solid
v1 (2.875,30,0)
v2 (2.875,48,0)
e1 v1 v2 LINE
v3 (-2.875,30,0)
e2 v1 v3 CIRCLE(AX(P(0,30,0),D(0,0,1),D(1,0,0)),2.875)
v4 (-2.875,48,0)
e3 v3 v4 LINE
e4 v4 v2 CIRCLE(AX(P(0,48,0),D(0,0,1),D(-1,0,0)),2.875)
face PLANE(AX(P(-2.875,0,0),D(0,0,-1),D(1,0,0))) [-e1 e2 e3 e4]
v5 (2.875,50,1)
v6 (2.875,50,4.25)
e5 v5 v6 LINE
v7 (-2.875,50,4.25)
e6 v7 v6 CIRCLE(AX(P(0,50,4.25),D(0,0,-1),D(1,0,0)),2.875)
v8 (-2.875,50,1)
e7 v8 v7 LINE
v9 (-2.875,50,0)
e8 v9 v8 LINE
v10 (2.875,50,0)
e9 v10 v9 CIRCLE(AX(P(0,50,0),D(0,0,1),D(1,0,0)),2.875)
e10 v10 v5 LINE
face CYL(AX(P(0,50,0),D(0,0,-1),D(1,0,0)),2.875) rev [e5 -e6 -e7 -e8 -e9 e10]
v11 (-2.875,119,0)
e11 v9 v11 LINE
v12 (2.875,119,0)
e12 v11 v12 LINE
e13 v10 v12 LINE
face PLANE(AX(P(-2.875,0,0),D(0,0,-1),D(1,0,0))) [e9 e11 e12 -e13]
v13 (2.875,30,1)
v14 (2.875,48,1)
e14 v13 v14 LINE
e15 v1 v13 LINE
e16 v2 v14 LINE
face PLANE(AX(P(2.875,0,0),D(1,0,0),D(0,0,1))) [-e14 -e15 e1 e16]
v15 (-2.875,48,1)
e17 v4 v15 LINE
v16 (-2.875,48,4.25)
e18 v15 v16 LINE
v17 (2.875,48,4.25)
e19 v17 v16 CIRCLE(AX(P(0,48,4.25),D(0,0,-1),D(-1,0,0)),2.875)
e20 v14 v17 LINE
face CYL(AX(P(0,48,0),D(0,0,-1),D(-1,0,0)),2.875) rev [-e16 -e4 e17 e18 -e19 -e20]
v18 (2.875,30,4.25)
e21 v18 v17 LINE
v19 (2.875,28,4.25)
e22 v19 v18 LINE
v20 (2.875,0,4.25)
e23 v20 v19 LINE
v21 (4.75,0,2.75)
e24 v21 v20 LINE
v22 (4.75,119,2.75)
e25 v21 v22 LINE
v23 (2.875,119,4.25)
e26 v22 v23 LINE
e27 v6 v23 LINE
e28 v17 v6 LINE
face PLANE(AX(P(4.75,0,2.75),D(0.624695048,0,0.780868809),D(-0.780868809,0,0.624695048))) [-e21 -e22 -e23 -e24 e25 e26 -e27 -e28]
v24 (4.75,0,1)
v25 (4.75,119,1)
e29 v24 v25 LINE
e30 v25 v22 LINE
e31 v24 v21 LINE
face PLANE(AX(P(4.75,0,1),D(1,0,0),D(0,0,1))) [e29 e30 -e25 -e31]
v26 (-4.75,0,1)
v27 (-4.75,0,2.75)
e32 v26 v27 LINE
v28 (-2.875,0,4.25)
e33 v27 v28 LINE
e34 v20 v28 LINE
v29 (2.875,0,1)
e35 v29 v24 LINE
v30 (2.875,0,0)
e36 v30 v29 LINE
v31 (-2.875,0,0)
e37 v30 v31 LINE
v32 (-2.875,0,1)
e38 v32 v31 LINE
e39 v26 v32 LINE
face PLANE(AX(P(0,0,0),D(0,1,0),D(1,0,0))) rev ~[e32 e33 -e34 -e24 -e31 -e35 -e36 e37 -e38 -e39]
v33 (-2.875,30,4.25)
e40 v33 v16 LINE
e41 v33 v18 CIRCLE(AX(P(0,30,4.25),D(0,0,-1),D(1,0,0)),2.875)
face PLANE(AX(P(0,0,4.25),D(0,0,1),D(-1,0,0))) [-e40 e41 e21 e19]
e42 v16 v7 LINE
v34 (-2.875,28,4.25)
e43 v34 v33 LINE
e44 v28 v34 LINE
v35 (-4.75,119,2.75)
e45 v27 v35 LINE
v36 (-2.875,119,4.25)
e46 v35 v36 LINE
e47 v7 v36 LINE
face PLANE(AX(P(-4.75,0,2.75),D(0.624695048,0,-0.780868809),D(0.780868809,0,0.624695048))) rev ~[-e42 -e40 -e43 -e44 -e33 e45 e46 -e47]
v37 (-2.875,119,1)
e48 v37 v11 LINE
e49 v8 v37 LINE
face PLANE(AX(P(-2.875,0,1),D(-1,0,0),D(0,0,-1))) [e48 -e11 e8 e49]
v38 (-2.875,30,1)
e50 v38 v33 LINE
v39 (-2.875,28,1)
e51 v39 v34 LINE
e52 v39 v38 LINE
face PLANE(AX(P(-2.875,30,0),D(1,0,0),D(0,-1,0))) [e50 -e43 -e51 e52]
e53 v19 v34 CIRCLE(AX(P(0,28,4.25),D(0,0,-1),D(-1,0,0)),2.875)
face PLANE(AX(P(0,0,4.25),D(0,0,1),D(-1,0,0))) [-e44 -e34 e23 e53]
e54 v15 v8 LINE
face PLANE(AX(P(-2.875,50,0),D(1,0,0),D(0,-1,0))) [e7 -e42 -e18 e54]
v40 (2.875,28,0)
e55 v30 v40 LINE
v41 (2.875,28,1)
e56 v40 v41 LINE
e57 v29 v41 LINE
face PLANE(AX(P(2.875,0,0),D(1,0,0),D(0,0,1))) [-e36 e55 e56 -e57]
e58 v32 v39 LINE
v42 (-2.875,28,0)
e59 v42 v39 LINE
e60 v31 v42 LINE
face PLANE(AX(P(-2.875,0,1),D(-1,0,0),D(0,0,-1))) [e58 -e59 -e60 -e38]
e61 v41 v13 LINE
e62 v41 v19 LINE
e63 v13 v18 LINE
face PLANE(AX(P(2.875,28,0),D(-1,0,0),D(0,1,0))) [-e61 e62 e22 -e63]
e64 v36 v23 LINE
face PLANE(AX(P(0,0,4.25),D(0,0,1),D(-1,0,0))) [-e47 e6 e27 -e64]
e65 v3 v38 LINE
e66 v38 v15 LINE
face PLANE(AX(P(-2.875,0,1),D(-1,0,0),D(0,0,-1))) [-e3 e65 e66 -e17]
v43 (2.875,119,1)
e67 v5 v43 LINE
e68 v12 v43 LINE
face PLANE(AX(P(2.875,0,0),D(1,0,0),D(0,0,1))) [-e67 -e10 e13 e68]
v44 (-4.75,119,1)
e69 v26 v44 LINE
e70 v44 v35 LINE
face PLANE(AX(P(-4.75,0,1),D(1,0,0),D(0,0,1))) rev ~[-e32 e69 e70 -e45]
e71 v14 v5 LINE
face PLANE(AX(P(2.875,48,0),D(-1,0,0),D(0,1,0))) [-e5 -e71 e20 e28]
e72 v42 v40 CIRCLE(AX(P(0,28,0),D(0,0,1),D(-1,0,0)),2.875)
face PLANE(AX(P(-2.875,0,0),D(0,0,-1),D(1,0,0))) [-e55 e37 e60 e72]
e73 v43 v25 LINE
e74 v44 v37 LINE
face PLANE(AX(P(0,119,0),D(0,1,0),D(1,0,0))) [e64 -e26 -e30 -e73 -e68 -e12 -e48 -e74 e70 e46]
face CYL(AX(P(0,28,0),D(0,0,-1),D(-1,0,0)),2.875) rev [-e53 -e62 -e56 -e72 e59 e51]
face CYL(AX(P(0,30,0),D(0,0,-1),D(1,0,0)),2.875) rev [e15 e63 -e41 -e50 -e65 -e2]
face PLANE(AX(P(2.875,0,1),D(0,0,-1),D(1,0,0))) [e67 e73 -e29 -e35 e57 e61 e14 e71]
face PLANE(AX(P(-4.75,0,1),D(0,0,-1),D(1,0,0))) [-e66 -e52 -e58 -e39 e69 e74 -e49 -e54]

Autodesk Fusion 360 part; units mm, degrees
sketch "BaseProfile" plane through (0, 0, 0) normal (0, 1, 0) x (1, 0, 0)
  line L0 (-2.875, 0) -> (2.875, 0)
  line L1 (2.875, 0) -> (2.875, -1)
  line L2 (2.875, -1) -> (4.75, -1)
  line L3 (2.875, -4.25) -> (-2.875, -4.25)
  line L4 (-4.75, -1) -> (-2.875, -1)
  line L5 (-2.875, -1) -> (-2.875, 0)
  line L6 (-4.75, -1) -> (-4.75, -2.75)
  line L7 (-4.75, -2.75) -> (-2.875, -4.25)
  line L8 (4.75, -1) -> (4.75, -2.75)
  line L9 (4.75, -2.75) -> (2.875, -4.25)
  line L10 (0, 7.3711) -> (0, -7.6289)
  dimension "d1" = 5.75
  dimension "d2" = 5.75
  dimension "d3" = 9.5
  dimension "d4" = 1
  dimension "d7" = 1.75
  dimension "d8" = 1.5
extrude "4mmExt" add sketch "BaseProfile" along normal blind 4 makes body 1
extrude "104mmExt" add sketch "BaseProfile" along normal blind 104 separate body makes body 2
extrude "139mmExt" add sketch "BaseProfile" along normal blind 139 separate body makes body 3
extrude "24mmExt" add sketch "BaseProfile" along normal blind 24 separate body makes body 4
extrude "94mmExt (1)" add sketch "BaseProfile" along normal blind 94 separate body makes body 5
sketch "14mm34mm" plane through (0, 0, 0) normal (0, 0, 1) x (1, 0, 0)
  line L0 (-2.875, 15) -> (-2.875, 13)
  arc A0 (-2.875, 13) -> (2.875, 13) centre (0, 13) ccw
  line L1 (2.875, 13) -> (2.875, 15)
  arc A1 (2.875, 15) -> (-2.875, 15) centre (0, 15) ccw
  line L2 (0, 15) -> (0, 13) construction
  line L3 (-2.875, 35) -> (-2.875, 33)
  arc A2 (-2.875, 33) -> (2.875, 33) centre (0, 33) ccw
  line L4 (2.875, 33) -> (2.875, 35)
  arc A3 (2.875, 35) -> (-2.875, 35) centre (0, 35) ccw
  line L5 (0, 35) -> (0, 33) construction
  point P0 (0, 14)
  point P1 (0, 34)
  dimension "d19" = 5.75
  dimension "d20" = 14
  dimension "d21" = 1
  dimension "d42" = 5.75
  dimension "d43" = 20
  dimension "d44" = 1
extrude "14mm34mmCut" cut sketch "14mm34mm" along normal through all bodies 5
extrude "Extrude7" add sketch "BaseProfile" along normal blind 119 separate body makes body 6
sketch "29mm49mm" plane through (0, 0, 0) normal (0, 0, 1) x (1, 0, 0)
  line L0 (-2.875, 30) -> (-2.875, 28)
  arc A0 (-2.875, 28) -> (2.875, 28) centre (0, 28) ccw
  line L1 (2.875, 28) -> (2.875, 30)
  arc A1 (2.875, 30) -> (-2.875, 30) centre (0, 30) ccw
  line L2 (0, 30) -> (0, 28) construction
  line L3 (-2.875, 50) -> (-2.875, 48)
  arc A2 (-2.875, 48) -> (2.875, 48) centre (0, 48) ccw
  line L4 (2.875, 48) -> (2.875, 50)
  arc A3 (2.875, 50) -> (-2.875, 50) centre (0, 50) ccw
  line L5 (0, 50) -> (0, 48) construction
  point P0 (0, 29)
  point P1 (0, 49)
  dimension "d27" = 5.75
  dimension "d28" = 1
  dimension "d29" = 29
  dimension "d30" = 5.75
  dimension "d31" = 20
  dimension "d32" = 1
extrude "29mm49mmCut" cut sketch "29mm49mm" along normal through all bodies 6
extrude "23mmExt" add sketch "BaseProfile" along normal blind 24 separate body makes body 7
sketch "14mm" plane through (0, 0, 0) normal (0, 0, 1) x (1, 0, 0)
  line L0 (-2.875, 15) -> (-2.875, 13)
  arc A0 (-2.875, 13) -> (2.875, 13) centre (0, 13) ccw
  line L1 (2.875, 13) -> (2.875, 15)
  arc A1 (2.875, 15) -> (-2.875, 15) centre (0, 15) ccw
  line L2 (0, 15) -> (0, 13) construction
  point P0 (0, 14)
  dimension "d36" = 5.75
  dimension "d37" = 1
  dimension "d38" = 14
extrude "14mmCut" cut sketch "14mm" along normal through all bodies 7
extrude "94mmExt" add sketch "BaseProfile" along normal blind 94 separate body makes body 8
hidden bodies 1 2 3 4 5 7 8
equation "d8 = 3.25 mm - 1.75 mm"
